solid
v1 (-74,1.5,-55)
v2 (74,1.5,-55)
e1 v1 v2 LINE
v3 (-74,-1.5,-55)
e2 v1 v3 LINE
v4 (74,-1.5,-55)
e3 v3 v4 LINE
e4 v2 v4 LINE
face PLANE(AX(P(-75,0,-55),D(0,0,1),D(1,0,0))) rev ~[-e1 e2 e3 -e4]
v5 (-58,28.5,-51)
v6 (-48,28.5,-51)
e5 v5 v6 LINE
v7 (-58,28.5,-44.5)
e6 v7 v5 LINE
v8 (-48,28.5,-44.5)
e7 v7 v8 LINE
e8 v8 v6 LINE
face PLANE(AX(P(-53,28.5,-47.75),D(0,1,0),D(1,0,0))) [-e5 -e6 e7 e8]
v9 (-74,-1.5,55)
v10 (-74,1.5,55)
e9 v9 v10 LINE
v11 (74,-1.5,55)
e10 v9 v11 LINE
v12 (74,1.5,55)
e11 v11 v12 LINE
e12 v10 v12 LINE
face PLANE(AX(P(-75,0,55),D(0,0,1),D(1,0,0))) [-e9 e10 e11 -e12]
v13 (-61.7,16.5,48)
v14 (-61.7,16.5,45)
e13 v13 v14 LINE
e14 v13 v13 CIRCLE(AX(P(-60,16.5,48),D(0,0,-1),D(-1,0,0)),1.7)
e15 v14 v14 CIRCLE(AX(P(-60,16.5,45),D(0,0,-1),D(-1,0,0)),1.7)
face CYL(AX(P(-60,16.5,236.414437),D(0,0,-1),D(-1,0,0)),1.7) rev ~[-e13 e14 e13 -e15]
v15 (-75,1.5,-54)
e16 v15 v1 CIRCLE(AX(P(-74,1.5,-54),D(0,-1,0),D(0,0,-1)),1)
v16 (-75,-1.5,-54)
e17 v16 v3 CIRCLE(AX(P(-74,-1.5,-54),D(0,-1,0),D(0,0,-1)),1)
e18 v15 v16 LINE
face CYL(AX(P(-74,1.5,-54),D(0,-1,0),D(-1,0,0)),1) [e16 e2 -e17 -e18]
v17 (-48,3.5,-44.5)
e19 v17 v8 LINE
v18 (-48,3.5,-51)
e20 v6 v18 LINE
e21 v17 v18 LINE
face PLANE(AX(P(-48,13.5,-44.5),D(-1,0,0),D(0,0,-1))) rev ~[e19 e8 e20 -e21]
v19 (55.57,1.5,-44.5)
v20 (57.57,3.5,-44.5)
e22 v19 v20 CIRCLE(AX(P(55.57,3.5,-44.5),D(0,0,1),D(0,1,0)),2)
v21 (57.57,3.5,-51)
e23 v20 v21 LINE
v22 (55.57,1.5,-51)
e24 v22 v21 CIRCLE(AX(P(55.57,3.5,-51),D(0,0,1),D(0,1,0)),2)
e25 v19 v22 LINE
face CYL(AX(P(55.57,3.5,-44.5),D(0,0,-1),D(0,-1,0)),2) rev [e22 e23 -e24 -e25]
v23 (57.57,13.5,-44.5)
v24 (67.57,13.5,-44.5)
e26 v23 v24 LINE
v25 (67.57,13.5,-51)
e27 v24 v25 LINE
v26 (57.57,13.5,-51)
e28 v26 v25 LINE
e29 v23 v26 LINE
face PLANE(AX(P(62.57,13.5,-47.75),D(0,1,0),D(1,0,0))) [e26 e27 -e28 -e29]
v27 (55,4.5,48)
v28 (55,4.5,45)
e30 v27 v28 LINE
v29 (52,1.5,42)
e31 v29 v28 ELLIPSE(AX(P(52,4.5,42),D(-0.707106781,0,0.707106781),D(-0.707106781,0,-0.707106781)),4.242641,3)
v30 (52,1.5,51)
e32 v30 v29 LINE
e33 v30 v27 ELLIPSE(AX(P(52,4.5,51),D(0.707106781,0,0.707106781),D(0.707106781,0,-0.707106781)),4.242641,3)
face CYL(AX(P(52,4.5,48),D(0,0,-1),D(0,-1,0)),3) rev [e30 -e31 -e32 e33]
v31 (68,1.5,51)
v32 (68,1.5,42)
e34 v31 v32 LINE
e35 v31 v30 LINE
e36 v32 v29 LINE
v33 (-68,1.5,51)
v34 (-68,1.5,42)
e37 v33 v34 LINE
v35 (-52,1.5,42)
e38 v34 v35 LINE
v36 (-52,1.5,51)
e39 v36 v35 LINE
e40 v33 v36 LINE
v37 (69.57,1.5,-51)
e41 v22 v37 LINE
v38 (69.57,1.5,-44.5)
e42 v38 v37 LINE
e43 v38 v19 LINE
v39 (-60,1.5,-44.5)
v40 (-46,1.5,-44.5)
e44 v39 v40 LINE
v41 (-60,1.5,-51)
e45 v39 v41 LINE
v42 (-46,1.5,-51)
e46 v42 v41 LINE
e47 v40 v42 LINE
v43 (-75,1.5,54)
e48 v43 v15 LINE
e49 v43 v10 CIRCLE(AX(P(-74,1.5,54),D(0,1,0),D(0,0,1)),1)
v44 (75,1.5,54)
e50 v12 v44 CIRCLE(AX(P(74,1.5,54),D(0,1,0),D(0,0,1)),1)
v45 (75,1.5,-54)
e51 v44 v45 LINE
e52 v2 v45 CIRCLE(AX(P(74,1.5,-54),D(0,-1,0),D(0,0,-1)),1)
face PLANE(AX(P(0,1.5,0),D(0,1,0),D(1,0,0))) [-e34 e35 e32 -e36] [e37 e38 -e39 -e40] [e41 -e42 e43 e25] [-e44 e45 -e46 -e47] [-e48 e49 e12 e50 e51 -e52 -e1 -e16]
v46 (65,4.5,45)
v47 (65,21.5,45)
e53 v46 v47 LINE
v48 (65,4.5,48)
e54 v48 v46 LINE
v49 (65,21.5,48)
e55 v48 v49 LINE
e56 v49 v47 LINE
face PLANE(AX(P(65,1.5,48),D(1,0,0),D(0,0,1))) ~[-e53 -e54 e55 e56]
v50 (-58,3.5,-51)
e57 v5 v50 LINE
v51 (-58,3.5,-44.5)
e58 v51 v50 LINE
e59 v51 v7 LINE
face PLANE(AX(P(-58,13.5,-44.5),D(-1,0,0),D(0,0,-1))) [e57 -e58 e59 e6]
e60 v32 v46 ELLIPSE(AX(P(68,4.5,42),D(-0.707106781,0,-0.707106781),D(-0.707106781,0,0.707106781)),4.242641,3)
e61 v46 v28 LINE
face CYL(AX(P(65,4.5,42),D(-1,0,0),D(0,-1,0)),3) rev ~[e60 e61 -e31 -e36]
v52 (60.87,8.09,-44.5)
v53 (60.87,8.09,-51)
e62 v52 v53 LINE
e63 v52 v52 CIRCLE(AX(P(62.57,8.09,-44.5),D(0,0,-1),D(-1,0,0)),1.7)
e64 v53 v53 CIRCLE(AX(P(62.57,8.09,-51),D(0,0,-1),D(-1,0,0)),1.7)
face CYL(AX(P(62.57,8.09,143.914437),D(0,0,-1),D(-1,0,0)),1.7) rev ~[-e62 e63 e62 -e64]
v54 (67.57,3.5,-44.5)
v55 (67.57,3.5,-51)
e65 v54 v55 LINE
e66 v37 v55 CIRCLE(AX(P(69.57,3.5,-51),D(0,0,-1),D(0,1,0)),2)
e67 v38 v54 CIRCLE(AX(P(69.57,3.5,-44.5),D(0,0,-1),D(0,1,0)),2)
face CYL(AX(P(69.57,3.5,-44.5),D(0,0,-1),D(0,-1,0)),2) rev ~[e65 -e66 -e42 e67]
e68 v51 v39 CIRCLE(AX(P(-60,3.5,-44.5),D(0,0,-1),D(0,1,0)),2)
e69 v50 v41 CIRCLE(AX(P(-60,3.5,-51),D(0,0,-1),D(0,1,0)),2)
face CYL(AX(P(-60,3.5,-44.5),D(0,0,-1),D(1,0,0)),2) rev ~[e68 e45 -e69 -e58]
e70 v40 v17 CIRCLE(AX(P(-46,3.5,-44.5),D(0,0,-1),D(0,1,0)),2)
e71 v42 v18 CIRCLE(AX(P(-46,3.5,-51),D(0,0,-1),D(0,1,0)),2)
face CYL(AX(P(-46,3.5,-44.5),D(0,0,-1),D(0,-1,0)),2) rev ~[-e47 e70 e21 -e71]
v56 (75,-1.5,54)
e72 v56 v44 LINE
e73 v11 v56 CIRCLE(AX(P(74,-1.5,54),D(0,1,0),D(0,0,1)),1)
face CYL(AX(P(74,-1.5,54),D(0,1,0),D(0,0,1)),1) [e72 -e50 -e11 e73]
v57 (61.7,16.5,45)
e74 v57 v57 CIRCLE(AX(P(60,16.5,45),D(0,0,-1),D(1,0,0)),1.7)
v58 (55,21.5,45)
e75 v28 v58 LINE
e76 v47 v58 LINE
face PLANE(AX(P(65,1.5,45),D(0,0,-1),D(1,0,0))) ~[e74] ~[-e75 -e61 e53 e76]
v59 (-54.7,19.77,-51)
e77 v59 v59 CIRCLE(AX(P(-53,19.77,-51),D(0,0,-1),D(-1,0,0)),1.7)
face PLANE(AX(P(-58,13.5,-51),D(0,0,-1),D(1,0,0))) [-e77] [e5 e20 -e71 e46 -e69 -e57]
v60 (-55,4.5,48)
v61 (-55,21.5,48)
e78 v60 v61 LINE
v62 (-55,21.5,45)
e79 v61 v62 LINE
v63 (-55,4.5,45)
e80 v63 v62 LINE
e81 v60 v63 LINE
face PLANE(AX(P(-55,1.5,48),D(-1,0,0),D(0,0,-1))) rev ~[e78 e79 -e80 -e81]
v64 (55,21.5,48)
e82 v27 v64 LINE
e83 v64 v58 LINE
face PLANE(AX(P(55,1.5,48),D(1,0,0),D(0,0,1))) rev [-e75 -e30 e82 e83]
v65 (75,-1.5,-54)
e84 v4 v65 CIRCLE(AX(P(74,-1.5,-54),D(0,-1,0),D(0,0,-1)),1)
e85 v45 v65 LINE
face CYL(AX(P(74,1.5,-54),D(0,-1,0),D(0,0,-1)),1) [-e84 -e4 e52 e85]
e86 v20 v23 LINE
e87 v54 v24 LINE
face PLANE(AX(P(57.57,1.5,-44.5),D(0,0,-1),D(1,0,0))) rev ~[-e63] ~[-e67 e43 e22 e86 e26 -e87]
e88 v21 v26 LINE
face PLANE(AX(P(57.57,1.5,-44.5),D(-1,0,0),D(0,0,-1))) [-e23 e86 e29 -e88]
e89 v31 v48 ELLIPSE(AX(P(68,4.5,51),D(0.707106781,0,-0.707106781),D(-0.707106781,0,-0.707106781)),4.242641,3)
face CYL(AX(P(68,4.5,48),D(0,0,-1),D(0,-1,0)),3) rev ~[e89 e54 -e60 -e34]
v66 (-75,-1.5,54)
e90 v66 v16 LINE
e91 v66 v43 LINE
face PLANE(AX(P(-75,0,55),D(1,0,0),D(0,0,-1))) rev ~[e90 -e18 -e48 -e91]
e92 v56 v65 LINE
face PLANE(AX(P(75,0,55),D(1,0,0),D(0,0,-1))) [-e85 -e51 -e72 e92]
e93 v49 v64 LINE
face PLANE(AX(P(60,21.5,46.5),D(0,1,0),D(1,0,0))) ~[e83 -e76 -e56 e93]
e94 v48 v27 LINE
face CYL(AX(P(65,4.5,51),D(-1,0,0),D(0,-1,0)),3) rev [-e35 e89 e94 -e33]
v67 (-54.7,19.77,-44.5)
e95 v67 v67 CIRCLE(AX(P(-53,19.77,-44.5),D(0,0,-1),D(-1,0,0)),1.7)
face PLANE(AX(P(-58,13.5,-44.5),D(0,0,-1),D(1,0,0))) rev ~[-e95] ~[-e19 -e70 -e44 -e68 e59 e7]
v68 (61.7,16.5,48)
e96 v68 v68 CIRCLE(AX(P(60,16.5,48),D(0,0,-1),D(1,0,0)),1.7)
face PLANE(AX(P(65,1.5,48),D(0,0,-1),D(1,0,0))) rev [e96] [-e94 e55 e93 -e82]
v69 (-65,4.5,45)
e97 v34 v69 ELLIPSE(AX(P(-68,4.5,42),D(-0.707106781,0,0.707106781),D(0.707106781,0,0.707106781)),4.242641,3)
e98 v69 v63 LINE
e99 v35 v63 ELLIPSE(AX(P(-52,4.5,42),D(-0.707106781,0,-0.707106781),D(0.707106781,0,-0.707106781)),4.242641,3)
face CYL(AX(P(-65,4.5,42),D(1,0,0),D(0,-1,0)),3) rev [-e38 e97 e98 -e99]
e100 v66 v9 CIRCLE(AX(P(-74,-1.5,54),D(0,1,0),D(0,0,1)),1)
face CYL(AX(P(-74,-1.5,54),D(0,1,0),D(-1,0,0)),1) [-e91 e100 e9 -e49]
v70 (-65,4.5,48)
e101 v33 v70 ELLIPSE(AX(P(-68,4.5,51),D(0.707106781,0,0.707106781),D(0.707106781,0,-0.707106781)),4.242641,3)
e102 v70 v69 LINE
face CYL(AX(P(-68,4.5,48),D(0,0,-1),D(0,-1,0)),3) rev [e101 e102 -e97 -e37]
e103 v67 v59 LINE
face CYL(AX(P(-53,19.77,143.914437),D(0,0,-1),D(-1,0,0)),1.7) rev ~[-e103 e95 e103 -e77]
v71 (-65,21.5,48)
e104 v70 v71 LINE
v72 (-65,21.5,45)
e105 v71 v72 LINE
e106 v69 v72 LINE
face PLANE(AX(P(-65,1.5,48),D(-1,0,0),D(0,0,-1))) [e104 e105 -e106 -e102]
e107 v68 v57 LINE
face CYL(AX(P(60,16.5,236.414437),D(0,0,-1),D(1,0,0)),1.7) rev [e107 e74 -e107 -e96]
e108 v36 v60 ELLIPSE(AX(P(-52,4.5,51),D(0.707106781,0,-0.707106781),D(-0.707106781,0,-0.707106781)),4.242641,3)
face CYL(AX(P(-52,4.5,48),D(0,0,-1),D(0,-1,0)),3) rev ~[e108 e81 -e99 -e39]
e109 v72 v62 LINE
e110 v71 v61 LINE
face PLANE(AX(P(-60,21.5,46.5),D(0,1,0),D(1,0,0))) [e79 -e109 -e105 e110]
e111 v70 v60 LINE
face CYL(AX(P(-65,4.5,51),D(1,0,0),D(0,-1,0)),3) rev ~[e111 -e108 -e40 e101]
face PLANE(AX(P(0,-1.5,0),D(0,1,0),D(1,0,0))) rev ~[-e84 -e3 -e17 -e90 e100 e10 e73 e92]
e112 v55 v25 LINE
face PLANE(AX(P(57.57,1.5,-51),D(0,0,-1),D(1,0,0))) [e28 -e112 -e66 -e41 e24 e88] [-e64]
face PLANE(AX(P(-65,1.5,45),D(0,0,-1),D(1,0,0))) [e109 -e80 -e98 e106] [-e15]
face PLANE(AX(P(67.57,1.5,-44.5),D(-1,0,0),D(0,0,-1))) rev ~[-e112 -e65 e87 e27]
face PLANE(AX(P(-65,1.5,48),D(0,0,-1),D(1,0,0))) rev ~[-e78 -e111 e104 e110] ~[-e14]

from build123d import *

# Parameters (mm, degrees)
SKETCH1_W            = 150
SKETCH1_H            = 110
BOSS_EXTRUDE1_DEPTH  = 1.5
SKETCH2_W            = 10
SKETCH2_H            = 6.5
BOSS_EXTRUDE2_DEPTH  = 12
SKETCH3_W            = 10
SKETCH3_H            = 6.5
BOSS_EXTRUDE3_DEPTH  = 15
M3_CLEARANCE_HOLE1_D = 3.4
FILLET1_R            = 2
M3_CLEARANCE_HOLE2_D = 3.4
SKETCH8_W            = 10
SKETCH8_H            = 3
BOSS_EXTRUDE4_DEPTH  = 20
FILLET2_R            = 3
M3_CLEARANCE_HOLE3_D = 3.4
FILLET2_OF_MIRROR1_R = 3
FILLET3_R            = 1


with BuildPart() as part:
    # Sketch1 → Boss-Extrude1 (new, symmetric)
    with BuildSketch(Plane(origin=(0, 0, 0), x_dir=(1, 0, 0), z_dir=(0, 1, 0))):
        Rectangle(SKETCH1_W, SKETCH1_H)
    extrude(amount=BOSS_EXTRUDE1_DEPTH, both=True)

    # Sketch2 → Boss-Extrude2 (add)
    with BuildSketch(Plane(origin=(0, 1.5, 0), x_dir=(1, 0, 0), z_dir=(0, 1, 0))):
        with Locations((62.57, 47.75)):
            Rectangle(SKETCH2_W, SKETCH2_H)
        with Locations((-53, 47.75)):
            Rectangle(SKETCH2_W, SKETCH2_H)
    extrude(amount=BOSS_EXTRUDE2_DEPTH)

    # Sketch3 → Boss-Extrude3 (add)
    with BuildSketch(Plane(origin=(0, 13.5, 0), x_dir=(1, 0, 0), z_dir=(0, 1, 0))):
        with Locations((-53, 47.75)):
            Rectangle(SKETCH3_W, SKETCH3_H)
    extrude(amount=BOSS_EXTRUDE3_DEPTH)

    # M3 Clearance Hole1 (through all)
    with Locations(Plane.XY.offset(-44.5)):
        with Locations((-53, 19.77)):
            Hole(M3_CLEARANCE_HOLE1_D / 2)

    # Fillet1
    fillet1_edges = [part.edges().sort_by_distance(p)[0] for p in [
        (67.57, 1.5, -47.75),
        (57.57, 1.5, -47.75),
        (-48, 1.5, -47.75),
        (-58, 1.5, -47.75),
    ]]
    fillet(fillet1_edges, radius=FILLET1_R)

    # M3 Clearance Hole2 (through all)
    with Locations(Plane.XY.offset(-44.5)):
        with Locations((62.57, 8.09)):
            Hole(M3_CLEARANCE_HOLE2_D / 2)

    # Sketch8 → Boss-Extrude4 (add)
    with BuildSketch(Plane(origin=(0, 1.5, 0), x_dir=(1, 0, 0), z_dir=(0, 1, 0))):
        with Locations((-60, -46.5)):
            Rectangle(SKETCH8_W, SKETCH8_H)
    boss_extrude4 = extrude(amount=BOSS_EXTRUDE4_DEPTH)

    # Fillet2
    fillet2_edges = [part.edges().sort_by_distance(p)[0] for p in [
        (-55, 1.5, 46.5),
        (-60, 1.5, 45),
        (-65, 1.5, 46.5),
        (-60, 1.5, 48),
    ]]
    fillet(fillet2_edges, radius=FILLET2_R)

    # M3 Clearance Hole3 (through all)
    with Locations(Plane.XY.offset(48)):
        with Locations((-60, 16.5)):
            m3_clearance_hole3 = Hole(M3_CLEARANCE_HOLE3_D / 2)

    # Mirror1: Boss-Extrude4, M3 Clearance Hole3 across plane
    add(boss_extrude4.mirror(Plane(origin=(0, 0, 0), x_dir=(0, 0, 1), z_dir=(1, 0, 0))))
    add(m3_clearance_hole3.mirror(Plane(origin=(0, 0, 0), x_dir=(0, 0, 1), z_dir=(1, 0, 0))), mode=Mode.SUBTRACT)

    # Fillet2 of Mirror1
    fillet2_of_mirror1_edges = [part.edges().sort_by_distance(p)[0] for p in [
        (55, 1.5, 46.5),
        (60, 1.5, 45),
        (65, 1.5, 46.5),
        (60, 1.5, 48),
    ]]
    fillet(fillet2_of_mirror1_edges, radius=FILLET2_OF_MIRROR1_R)

    # Fillet3
    fillet3_edges = [part.edges().sort_by_distance(p)[0] for p in [
        (-75, 0, -55),
        (75, 0, -55),
        (75, 0, 55),
        (-75, 0, 55),
    ]]
    fillet(fillet3_edges, radius=FILLET3_R)


solid = part.part
